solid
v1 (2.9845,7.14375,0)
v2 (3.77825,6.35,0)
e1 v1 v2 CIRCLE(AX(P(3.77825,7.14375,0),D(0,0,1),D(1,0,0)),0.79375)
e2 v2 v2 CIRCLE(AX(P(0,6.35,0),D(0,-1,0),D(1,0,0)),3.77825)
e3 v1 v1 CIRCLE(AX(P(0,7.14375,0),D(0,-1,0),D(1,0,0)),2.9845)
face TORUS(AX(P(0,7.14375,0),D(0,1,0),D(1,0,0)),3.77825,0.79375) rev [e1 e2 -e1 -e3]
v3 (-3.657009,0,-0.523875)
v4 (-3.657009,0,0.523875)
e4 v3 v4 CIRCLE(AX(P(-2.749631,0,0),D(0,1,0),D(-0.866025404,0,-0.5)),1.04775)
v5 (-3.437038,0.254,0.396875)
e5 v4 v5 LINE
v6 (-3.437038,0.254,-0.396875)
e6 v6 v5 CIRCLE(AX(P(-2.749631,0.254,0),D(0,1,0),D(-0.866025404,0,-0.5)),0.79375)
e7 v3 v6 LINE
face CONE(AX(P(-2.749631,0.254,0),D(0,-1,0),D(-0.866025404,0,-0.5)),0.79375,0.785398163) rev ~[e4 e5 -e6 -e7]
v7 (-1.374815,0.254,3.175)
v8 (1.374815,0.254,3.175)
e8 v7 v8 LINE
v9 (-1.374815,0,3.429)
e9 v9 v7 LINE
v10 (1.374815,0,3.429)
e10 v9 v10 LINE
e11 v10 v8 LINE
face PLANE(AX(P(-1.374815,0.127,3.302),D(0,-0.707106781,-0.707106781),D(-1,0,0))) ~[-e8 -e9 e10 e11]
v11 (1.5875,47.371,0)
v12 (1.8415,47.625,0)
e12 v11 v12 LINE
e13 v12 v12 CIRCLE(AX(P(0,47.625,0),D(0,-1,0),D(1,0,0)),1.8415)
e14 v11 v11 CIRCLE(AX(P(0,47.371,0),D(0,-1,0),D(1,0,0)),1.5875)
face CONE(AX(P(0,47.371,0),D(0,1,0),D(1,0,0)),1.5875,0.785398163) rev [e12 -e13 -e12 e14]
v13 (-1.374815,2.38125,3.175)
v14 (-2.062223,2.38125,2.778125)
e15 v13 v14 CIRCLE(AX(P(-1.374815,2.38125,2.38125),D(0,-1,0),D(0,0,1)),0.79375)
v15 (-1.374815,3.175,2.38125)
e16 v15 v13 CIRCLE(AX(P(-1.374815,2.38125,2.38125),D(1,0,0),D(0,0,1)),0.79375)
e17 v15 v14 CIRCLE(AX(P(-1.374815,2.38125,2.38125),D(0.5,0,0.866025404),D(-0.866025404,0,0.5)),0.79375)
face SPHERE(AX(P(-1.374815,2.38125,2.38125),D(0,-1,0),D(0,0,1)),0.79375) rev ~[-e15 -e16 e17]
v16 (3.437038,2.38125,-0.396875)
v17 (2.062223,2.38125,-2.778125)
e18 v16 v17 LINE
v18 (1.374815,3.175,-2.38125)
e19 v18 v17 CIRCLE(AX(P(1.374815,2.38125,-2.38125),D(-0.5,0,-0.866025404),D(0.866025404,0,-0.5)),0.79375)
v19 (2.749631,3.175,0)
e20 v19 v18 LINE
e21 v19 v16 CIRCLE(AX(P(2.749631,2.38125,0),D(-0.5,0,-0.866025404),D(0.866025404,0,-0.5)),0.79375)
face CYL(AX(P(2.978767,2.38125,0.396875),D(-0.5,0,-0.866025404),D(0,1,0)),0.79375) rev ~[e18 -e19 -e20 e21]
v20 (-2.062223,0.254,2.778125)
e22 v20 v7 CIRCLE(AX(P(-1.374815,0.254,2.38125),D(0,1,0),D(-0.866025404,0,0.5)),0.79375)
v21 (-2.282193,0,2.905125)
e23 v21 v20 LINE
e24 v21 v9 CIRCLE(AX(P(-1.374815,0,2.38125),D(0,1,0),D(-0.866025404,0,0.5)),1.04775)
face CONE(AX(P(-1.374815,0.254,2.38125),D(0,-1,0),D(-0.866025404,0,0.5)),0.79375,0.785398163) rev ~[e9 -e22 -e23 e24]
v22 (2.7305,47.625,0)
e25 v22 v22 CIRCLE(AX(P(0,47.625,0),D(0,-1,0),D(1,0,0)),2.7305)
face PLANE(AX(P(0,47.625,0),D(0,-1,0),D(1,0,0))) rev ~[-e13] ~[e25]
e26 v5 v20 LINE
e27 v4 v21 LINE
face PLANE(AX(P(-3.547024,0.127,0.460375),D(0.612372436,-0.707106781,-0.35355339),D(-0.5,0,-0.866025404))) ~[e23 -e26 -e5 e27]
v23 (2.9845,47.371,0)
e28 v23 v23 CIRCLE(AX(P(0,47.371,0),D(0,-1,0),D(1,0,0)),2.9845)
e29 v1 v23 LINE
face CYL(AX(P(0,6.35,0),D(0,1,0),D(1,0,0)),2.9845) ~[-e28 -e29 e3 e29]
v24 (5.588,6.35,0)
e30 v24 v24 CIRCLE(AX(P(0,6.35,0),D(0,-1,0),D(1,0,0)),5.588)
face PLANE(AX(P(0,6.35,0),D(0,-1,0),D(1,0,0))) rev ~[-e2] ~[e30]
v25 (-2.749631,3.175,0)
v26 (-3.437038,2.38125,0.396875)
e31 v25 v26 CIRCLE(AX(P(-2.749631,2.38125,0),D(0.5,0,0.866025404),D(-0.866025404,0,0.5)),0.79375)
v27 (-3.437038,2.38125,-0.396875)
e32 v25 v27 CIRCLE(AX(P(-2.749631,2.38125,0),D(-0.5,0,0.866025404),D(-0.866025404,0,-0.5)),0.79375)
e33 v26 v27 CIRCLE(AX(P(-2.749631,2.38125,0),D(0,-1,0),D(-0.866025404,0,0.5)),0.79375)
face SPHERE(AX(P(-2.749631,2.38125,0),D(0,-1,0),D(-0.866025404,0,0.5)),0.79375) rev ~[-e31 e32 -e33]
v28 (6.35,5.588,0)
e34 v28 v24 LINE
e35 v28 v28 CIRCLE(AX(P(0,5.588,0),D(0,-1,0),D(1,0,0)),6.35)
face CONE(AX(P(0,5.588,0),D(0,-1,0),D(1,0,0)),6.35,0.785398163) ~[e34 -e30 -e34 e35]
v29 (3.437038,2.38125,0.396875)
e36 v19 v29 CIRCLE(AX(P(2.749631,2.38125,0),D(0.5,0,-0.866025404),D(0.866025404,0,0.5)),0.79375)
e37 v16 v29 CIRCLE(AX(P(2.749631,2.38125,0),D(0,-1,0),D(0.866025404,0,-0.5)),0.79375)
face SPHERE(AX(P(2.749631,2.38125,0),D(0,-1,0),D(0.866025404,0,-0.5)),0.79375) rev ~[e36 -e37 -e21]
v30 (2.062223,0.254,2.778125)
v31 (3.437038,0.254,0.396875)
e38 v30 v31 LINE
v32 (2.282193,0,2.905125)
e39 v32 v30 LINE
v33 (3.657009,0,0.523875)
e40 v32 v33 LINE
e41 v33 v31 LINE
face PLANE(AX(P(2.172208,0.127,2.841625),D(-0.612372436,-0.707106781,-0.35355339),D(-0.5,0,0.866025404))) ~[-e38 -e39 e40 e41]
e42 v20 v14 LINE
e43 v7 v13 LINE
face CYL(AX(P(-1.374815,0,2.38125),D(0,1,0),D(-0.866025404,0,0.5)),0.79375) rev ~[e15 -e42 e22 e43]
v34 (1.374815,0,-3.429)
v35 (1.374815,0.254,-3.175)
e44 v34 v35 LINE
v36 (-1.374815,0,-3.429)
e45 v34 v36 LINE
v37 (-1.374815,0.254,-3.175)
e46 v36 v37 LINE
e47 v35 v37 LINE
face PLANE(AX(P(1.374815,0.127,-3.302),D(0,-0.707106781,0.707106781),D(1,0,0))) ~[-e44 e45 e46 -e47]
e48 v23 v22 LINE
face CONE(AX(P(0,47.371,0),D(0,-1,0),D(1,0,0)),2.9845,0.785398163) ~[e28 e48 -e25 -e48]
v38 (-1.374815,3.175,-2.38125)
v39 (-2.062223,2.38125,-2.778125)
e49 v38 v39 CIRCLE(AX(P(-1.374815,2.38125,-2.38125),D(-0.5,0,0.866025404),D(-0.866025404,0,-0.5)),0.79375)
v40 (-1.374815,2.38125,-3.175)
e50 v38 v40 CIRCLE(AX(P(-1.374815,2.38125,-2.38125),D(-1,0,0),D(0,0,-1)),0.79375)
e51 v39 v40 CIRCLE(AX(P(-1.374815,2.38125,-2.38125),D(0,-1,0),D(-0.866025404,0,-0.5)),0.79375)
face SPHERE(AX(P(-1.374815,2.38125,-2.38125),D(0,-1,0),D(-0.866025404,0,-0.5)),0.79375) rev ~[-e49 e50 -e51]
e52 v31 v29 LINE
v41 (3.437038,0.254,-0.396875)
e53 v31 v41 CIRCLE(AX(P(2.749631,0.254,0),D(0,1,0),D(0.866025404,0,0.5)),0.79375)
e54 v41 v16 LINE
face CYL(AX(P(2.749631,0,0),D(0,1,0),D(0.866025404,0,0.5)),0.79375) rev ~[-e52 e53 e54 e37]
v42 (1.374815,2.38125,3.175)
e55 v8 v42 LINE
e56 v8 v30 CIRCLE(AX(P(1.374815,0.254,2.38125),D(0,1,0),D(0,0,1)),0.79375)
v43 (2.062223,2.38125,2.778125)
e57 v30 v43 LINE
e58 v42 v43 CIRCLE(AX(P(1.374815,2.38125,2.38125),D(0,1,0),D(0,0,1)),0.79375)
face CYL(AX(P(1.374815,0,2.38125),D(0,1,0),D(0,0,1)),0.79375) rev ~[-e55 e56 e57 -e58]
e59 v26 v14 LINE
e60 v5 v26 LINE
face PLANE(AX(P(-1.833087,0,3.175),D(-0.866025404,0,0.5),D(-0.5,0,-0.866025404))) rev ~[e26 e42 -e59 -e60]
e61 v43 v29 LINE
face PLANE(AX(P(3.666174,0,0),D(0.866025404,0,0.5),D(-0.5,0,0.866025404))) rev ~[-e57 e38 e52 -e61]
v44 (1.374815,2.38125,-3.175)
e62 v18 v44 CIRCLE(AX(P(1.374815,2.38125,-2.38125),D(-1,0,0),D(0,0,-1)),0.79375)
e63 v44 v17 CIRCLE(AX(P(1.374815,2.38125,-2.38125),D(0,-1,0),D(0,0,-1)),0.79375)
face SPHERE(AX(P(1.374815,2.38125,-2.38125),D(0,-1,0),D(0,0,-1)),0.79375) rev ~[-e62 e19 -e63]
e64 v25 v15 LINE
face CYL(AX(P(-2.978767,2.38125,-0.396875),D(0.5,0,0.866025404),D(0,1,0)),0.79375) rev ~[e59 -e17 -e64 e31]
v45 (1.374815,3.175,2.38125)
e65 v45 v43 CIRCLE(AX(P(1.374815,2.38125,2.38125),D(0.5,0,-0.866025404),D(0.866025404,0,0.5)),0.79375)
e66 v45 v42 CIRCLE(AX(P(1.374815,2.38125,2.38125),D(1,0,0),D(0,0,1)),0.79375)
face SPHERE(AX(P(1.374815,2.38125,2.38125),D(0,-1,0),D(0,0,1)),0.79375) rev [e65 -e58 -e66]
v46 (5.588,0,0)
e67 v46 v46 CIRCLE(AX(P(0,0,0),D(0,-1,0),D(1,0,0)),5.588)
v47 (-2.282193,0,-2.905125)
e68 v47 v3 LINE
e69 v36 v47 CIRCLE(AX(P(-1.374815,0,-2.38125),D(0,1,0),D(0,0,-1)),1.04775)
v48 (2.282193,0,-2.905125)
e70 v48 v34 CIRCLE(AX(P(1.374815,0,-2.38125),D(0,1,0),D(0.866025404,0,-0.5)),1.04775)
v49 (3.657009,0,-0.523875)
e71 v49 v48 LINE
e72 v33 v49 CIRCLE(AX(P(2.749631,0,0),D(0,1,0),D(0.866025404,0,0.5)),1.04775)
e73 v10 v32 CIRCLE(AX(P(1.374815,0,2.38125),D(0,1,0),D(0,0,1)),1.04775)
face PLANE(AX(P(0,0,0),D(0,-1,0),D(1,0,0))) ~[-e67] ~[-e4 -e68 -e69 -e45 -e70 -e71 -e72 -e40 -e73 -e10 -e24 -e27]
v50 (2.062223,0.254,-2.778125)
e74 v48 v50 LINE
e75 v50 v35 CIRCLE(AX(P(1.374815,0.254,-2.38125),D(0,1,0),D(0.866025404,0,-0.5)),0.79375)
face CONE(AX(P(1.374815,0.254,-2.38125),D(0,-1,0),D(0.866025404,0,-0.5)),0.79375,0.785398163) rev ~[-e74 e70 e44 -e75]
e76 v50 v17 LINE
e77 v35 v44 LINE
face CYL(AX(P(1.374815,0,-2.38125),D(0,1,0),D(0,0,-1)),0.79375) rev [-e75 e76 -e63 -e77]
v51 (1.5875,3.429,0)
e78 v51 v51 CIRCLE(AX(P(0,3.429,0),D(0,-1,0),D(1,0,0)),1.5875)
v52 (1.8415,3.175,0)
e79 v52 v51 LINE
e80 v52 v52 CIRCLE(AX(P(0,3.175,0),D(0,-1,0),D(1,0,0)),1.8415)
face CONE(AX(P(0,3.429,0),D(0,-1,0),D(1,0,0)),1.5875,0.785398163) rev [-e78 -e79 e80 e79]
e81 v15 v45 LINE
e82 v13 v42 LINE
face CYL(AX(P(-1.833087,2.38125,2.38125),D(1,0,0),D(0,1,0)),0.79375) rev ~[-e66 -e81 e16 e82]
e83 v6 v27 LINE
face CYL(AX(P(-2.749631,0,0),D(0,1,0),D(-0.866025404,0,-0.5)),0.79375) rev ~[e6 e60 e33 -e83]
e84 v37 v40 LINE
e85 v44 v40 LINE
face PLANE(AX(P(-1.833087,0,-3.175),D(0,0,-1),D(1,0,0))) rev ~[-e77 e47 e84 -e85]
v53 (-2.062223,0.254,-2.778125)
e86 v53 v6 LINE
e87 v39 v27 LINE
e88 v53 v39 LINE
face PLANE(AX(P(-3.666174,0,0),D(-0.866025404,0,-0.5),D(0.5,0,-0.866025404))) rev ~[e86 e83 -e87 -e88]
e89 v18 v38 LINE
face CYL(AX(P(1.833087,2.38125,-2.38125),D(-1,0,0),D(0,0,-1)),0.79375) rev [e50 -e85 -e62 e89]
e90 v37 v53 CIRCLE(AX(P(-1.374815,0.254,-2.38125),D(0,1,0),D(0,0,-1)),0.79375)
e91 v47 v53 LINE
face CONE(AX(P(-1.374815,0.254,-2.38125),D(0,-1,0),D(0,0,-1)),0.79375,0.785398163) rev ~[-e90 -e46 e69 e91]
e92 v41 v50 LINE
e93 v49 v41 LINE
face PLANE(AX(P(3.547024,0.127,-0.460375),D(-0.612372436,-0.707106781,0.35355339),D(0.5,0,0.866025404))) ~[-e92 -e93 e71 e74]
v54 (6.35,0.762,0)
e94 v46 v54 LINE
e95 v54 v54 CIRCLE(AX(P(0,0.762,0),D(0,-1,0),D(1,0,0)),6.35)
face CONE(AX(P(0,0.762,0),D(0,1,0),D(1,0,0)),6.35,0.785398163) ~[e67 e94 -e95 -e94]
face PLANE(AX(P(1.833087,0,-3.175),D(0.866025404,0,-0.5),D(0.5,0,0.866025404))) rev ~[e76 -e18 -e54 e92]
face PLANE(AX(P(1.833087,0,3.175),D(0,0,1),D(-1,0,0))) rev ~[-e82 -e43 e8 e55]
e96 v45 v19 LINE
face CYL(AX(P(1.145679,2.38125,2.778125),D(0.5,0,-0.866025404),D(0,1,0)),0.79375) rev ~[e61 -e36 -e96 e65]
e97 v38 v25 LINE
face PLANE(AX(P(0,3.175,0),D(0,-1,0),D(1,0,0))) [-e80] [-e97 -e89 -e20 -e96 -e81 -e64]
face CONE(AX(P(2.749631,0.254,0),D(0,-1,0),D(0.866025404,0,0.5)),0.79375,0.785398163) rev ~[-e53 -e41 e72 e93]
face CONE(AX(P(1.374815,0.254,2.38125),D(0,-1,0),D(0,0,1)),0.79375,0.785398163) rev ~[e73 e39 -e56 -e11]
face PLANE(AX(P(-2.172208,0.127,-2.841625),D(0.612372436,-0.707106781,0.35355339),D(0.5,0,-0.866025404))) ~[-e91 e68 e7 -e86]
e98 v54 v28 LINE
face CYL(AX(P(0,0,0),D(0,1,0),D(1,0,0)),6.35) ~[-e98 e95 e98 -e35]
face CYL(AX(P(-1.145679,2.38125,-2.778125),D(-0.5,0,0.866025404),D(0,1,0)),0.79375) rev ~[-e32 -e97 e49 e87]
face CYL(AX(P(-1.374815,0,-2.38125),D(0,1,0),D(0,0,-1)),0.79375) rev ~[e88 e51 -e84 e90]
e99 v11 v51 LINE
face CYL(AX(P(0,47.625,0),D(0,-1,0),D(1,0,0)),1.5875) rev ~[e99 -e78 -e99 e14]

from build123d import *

# Parameters (mm, degrees)
CUT_EXTRUDE1_DEPTH = 3.175
FILLET1_R          = 0.79375
CHAMFER1_SIZE      = 0.254
CHAMFER2_SIZE      = 0.762


with BuildPart() as part:
    # Sketch1 → Revolve1 (revolve)
    with BuildSketch(Plane.XY):
        Polygon((3.175, 0), (6.35, 0), (6.35, 6.35), (2.9845, 6.35), (2.9845, 47.625), (1.5875, 47.625), (1.5875, 3.175), (3.175, 3.175), align=None)
    revolve(axis=Axis((0, 5.569325848, 0), (0, -1, 0)))

    # Sketch2 → Cut-Extrude1 (cut)
    with BuildSketch(Plane.XZ):
        Polygon((1.833087105, 3.175), (-1.833087105, 3.175), (-3.666174209, 0), (-1.833087105, -3.175), (1.833087105, -3.175), (3.666174209, 0), align=None)
    extrude(amount=-CUT_EXTRUDE1_DEPTH, mode=Mode.SUBTRACT)

    # Fillet1
    fillet1_edges = [part.edges().sort_by_distance(p)[0] for p in [
        (0, 3.175, 3.175),
        (-2.749630657, 3.175, 1.5875),
        (-2.749630657, 3.175, -1.5875),
        (0, 3.175, -3.175),
        (2.749630657, 3.175, -1.5875),
        (2.749630657, 3.175, 1.5875),
        (-1.833087105, 1.5875, 3.175),
        (-3.666174209, 1.5875, 0),
        (-1.833087105, 1.5875, -3.175),
        (1.833087105, 1.5875, -3.175),
        (3.666174209, 1.5875, 0),
        (1.833087105, 1.5875, 3.175),
        (-2.9845, 6.35, 0),
    ]]
    fillet(fillet1_edges, radius=FILLET1_R)

    # Chamfer1
    chamfer1_edges = [part.edges().sort_by_distance(p)[0] for p in [
        (-1.5875, 3.175, 0),
        (0, 0, 3.175),
        (2.749630657, 0, 1.5875),
        (-1.5875, 47.625, 0),
        (2.749630657, 0, -1.5875),
        (0, 0, -3.175),
        (-2.9845, 47.625, 0),
        (-2.749630657, 0, -1.5875),
        (-2.749630657, 0, 1.5875),
        (-1.771690329, 0, 3.068657664),
        (1.771690329, 0, 3.068657664),
        (3.543380657, 0, 0),
        (1.771690329, 0, -3.068657664),
        (-1.771690329, 0, -3.068657664),
        (-3.543380657, 0, 0),
    ]]
    chamfer(chamfer1_edges, length=CHAMFER1_SIZE)

    # Chamfer2
    chamfer2_edges = [part.edges().sort_by_distance(p)[0] for p in [
        (-6.35, 6.35, 0),
        (-6.35, 0, 0),
    ]]
    chamfer(chamfer2_edges, length=CHAMFER2_SIZE)


solid = part.part
